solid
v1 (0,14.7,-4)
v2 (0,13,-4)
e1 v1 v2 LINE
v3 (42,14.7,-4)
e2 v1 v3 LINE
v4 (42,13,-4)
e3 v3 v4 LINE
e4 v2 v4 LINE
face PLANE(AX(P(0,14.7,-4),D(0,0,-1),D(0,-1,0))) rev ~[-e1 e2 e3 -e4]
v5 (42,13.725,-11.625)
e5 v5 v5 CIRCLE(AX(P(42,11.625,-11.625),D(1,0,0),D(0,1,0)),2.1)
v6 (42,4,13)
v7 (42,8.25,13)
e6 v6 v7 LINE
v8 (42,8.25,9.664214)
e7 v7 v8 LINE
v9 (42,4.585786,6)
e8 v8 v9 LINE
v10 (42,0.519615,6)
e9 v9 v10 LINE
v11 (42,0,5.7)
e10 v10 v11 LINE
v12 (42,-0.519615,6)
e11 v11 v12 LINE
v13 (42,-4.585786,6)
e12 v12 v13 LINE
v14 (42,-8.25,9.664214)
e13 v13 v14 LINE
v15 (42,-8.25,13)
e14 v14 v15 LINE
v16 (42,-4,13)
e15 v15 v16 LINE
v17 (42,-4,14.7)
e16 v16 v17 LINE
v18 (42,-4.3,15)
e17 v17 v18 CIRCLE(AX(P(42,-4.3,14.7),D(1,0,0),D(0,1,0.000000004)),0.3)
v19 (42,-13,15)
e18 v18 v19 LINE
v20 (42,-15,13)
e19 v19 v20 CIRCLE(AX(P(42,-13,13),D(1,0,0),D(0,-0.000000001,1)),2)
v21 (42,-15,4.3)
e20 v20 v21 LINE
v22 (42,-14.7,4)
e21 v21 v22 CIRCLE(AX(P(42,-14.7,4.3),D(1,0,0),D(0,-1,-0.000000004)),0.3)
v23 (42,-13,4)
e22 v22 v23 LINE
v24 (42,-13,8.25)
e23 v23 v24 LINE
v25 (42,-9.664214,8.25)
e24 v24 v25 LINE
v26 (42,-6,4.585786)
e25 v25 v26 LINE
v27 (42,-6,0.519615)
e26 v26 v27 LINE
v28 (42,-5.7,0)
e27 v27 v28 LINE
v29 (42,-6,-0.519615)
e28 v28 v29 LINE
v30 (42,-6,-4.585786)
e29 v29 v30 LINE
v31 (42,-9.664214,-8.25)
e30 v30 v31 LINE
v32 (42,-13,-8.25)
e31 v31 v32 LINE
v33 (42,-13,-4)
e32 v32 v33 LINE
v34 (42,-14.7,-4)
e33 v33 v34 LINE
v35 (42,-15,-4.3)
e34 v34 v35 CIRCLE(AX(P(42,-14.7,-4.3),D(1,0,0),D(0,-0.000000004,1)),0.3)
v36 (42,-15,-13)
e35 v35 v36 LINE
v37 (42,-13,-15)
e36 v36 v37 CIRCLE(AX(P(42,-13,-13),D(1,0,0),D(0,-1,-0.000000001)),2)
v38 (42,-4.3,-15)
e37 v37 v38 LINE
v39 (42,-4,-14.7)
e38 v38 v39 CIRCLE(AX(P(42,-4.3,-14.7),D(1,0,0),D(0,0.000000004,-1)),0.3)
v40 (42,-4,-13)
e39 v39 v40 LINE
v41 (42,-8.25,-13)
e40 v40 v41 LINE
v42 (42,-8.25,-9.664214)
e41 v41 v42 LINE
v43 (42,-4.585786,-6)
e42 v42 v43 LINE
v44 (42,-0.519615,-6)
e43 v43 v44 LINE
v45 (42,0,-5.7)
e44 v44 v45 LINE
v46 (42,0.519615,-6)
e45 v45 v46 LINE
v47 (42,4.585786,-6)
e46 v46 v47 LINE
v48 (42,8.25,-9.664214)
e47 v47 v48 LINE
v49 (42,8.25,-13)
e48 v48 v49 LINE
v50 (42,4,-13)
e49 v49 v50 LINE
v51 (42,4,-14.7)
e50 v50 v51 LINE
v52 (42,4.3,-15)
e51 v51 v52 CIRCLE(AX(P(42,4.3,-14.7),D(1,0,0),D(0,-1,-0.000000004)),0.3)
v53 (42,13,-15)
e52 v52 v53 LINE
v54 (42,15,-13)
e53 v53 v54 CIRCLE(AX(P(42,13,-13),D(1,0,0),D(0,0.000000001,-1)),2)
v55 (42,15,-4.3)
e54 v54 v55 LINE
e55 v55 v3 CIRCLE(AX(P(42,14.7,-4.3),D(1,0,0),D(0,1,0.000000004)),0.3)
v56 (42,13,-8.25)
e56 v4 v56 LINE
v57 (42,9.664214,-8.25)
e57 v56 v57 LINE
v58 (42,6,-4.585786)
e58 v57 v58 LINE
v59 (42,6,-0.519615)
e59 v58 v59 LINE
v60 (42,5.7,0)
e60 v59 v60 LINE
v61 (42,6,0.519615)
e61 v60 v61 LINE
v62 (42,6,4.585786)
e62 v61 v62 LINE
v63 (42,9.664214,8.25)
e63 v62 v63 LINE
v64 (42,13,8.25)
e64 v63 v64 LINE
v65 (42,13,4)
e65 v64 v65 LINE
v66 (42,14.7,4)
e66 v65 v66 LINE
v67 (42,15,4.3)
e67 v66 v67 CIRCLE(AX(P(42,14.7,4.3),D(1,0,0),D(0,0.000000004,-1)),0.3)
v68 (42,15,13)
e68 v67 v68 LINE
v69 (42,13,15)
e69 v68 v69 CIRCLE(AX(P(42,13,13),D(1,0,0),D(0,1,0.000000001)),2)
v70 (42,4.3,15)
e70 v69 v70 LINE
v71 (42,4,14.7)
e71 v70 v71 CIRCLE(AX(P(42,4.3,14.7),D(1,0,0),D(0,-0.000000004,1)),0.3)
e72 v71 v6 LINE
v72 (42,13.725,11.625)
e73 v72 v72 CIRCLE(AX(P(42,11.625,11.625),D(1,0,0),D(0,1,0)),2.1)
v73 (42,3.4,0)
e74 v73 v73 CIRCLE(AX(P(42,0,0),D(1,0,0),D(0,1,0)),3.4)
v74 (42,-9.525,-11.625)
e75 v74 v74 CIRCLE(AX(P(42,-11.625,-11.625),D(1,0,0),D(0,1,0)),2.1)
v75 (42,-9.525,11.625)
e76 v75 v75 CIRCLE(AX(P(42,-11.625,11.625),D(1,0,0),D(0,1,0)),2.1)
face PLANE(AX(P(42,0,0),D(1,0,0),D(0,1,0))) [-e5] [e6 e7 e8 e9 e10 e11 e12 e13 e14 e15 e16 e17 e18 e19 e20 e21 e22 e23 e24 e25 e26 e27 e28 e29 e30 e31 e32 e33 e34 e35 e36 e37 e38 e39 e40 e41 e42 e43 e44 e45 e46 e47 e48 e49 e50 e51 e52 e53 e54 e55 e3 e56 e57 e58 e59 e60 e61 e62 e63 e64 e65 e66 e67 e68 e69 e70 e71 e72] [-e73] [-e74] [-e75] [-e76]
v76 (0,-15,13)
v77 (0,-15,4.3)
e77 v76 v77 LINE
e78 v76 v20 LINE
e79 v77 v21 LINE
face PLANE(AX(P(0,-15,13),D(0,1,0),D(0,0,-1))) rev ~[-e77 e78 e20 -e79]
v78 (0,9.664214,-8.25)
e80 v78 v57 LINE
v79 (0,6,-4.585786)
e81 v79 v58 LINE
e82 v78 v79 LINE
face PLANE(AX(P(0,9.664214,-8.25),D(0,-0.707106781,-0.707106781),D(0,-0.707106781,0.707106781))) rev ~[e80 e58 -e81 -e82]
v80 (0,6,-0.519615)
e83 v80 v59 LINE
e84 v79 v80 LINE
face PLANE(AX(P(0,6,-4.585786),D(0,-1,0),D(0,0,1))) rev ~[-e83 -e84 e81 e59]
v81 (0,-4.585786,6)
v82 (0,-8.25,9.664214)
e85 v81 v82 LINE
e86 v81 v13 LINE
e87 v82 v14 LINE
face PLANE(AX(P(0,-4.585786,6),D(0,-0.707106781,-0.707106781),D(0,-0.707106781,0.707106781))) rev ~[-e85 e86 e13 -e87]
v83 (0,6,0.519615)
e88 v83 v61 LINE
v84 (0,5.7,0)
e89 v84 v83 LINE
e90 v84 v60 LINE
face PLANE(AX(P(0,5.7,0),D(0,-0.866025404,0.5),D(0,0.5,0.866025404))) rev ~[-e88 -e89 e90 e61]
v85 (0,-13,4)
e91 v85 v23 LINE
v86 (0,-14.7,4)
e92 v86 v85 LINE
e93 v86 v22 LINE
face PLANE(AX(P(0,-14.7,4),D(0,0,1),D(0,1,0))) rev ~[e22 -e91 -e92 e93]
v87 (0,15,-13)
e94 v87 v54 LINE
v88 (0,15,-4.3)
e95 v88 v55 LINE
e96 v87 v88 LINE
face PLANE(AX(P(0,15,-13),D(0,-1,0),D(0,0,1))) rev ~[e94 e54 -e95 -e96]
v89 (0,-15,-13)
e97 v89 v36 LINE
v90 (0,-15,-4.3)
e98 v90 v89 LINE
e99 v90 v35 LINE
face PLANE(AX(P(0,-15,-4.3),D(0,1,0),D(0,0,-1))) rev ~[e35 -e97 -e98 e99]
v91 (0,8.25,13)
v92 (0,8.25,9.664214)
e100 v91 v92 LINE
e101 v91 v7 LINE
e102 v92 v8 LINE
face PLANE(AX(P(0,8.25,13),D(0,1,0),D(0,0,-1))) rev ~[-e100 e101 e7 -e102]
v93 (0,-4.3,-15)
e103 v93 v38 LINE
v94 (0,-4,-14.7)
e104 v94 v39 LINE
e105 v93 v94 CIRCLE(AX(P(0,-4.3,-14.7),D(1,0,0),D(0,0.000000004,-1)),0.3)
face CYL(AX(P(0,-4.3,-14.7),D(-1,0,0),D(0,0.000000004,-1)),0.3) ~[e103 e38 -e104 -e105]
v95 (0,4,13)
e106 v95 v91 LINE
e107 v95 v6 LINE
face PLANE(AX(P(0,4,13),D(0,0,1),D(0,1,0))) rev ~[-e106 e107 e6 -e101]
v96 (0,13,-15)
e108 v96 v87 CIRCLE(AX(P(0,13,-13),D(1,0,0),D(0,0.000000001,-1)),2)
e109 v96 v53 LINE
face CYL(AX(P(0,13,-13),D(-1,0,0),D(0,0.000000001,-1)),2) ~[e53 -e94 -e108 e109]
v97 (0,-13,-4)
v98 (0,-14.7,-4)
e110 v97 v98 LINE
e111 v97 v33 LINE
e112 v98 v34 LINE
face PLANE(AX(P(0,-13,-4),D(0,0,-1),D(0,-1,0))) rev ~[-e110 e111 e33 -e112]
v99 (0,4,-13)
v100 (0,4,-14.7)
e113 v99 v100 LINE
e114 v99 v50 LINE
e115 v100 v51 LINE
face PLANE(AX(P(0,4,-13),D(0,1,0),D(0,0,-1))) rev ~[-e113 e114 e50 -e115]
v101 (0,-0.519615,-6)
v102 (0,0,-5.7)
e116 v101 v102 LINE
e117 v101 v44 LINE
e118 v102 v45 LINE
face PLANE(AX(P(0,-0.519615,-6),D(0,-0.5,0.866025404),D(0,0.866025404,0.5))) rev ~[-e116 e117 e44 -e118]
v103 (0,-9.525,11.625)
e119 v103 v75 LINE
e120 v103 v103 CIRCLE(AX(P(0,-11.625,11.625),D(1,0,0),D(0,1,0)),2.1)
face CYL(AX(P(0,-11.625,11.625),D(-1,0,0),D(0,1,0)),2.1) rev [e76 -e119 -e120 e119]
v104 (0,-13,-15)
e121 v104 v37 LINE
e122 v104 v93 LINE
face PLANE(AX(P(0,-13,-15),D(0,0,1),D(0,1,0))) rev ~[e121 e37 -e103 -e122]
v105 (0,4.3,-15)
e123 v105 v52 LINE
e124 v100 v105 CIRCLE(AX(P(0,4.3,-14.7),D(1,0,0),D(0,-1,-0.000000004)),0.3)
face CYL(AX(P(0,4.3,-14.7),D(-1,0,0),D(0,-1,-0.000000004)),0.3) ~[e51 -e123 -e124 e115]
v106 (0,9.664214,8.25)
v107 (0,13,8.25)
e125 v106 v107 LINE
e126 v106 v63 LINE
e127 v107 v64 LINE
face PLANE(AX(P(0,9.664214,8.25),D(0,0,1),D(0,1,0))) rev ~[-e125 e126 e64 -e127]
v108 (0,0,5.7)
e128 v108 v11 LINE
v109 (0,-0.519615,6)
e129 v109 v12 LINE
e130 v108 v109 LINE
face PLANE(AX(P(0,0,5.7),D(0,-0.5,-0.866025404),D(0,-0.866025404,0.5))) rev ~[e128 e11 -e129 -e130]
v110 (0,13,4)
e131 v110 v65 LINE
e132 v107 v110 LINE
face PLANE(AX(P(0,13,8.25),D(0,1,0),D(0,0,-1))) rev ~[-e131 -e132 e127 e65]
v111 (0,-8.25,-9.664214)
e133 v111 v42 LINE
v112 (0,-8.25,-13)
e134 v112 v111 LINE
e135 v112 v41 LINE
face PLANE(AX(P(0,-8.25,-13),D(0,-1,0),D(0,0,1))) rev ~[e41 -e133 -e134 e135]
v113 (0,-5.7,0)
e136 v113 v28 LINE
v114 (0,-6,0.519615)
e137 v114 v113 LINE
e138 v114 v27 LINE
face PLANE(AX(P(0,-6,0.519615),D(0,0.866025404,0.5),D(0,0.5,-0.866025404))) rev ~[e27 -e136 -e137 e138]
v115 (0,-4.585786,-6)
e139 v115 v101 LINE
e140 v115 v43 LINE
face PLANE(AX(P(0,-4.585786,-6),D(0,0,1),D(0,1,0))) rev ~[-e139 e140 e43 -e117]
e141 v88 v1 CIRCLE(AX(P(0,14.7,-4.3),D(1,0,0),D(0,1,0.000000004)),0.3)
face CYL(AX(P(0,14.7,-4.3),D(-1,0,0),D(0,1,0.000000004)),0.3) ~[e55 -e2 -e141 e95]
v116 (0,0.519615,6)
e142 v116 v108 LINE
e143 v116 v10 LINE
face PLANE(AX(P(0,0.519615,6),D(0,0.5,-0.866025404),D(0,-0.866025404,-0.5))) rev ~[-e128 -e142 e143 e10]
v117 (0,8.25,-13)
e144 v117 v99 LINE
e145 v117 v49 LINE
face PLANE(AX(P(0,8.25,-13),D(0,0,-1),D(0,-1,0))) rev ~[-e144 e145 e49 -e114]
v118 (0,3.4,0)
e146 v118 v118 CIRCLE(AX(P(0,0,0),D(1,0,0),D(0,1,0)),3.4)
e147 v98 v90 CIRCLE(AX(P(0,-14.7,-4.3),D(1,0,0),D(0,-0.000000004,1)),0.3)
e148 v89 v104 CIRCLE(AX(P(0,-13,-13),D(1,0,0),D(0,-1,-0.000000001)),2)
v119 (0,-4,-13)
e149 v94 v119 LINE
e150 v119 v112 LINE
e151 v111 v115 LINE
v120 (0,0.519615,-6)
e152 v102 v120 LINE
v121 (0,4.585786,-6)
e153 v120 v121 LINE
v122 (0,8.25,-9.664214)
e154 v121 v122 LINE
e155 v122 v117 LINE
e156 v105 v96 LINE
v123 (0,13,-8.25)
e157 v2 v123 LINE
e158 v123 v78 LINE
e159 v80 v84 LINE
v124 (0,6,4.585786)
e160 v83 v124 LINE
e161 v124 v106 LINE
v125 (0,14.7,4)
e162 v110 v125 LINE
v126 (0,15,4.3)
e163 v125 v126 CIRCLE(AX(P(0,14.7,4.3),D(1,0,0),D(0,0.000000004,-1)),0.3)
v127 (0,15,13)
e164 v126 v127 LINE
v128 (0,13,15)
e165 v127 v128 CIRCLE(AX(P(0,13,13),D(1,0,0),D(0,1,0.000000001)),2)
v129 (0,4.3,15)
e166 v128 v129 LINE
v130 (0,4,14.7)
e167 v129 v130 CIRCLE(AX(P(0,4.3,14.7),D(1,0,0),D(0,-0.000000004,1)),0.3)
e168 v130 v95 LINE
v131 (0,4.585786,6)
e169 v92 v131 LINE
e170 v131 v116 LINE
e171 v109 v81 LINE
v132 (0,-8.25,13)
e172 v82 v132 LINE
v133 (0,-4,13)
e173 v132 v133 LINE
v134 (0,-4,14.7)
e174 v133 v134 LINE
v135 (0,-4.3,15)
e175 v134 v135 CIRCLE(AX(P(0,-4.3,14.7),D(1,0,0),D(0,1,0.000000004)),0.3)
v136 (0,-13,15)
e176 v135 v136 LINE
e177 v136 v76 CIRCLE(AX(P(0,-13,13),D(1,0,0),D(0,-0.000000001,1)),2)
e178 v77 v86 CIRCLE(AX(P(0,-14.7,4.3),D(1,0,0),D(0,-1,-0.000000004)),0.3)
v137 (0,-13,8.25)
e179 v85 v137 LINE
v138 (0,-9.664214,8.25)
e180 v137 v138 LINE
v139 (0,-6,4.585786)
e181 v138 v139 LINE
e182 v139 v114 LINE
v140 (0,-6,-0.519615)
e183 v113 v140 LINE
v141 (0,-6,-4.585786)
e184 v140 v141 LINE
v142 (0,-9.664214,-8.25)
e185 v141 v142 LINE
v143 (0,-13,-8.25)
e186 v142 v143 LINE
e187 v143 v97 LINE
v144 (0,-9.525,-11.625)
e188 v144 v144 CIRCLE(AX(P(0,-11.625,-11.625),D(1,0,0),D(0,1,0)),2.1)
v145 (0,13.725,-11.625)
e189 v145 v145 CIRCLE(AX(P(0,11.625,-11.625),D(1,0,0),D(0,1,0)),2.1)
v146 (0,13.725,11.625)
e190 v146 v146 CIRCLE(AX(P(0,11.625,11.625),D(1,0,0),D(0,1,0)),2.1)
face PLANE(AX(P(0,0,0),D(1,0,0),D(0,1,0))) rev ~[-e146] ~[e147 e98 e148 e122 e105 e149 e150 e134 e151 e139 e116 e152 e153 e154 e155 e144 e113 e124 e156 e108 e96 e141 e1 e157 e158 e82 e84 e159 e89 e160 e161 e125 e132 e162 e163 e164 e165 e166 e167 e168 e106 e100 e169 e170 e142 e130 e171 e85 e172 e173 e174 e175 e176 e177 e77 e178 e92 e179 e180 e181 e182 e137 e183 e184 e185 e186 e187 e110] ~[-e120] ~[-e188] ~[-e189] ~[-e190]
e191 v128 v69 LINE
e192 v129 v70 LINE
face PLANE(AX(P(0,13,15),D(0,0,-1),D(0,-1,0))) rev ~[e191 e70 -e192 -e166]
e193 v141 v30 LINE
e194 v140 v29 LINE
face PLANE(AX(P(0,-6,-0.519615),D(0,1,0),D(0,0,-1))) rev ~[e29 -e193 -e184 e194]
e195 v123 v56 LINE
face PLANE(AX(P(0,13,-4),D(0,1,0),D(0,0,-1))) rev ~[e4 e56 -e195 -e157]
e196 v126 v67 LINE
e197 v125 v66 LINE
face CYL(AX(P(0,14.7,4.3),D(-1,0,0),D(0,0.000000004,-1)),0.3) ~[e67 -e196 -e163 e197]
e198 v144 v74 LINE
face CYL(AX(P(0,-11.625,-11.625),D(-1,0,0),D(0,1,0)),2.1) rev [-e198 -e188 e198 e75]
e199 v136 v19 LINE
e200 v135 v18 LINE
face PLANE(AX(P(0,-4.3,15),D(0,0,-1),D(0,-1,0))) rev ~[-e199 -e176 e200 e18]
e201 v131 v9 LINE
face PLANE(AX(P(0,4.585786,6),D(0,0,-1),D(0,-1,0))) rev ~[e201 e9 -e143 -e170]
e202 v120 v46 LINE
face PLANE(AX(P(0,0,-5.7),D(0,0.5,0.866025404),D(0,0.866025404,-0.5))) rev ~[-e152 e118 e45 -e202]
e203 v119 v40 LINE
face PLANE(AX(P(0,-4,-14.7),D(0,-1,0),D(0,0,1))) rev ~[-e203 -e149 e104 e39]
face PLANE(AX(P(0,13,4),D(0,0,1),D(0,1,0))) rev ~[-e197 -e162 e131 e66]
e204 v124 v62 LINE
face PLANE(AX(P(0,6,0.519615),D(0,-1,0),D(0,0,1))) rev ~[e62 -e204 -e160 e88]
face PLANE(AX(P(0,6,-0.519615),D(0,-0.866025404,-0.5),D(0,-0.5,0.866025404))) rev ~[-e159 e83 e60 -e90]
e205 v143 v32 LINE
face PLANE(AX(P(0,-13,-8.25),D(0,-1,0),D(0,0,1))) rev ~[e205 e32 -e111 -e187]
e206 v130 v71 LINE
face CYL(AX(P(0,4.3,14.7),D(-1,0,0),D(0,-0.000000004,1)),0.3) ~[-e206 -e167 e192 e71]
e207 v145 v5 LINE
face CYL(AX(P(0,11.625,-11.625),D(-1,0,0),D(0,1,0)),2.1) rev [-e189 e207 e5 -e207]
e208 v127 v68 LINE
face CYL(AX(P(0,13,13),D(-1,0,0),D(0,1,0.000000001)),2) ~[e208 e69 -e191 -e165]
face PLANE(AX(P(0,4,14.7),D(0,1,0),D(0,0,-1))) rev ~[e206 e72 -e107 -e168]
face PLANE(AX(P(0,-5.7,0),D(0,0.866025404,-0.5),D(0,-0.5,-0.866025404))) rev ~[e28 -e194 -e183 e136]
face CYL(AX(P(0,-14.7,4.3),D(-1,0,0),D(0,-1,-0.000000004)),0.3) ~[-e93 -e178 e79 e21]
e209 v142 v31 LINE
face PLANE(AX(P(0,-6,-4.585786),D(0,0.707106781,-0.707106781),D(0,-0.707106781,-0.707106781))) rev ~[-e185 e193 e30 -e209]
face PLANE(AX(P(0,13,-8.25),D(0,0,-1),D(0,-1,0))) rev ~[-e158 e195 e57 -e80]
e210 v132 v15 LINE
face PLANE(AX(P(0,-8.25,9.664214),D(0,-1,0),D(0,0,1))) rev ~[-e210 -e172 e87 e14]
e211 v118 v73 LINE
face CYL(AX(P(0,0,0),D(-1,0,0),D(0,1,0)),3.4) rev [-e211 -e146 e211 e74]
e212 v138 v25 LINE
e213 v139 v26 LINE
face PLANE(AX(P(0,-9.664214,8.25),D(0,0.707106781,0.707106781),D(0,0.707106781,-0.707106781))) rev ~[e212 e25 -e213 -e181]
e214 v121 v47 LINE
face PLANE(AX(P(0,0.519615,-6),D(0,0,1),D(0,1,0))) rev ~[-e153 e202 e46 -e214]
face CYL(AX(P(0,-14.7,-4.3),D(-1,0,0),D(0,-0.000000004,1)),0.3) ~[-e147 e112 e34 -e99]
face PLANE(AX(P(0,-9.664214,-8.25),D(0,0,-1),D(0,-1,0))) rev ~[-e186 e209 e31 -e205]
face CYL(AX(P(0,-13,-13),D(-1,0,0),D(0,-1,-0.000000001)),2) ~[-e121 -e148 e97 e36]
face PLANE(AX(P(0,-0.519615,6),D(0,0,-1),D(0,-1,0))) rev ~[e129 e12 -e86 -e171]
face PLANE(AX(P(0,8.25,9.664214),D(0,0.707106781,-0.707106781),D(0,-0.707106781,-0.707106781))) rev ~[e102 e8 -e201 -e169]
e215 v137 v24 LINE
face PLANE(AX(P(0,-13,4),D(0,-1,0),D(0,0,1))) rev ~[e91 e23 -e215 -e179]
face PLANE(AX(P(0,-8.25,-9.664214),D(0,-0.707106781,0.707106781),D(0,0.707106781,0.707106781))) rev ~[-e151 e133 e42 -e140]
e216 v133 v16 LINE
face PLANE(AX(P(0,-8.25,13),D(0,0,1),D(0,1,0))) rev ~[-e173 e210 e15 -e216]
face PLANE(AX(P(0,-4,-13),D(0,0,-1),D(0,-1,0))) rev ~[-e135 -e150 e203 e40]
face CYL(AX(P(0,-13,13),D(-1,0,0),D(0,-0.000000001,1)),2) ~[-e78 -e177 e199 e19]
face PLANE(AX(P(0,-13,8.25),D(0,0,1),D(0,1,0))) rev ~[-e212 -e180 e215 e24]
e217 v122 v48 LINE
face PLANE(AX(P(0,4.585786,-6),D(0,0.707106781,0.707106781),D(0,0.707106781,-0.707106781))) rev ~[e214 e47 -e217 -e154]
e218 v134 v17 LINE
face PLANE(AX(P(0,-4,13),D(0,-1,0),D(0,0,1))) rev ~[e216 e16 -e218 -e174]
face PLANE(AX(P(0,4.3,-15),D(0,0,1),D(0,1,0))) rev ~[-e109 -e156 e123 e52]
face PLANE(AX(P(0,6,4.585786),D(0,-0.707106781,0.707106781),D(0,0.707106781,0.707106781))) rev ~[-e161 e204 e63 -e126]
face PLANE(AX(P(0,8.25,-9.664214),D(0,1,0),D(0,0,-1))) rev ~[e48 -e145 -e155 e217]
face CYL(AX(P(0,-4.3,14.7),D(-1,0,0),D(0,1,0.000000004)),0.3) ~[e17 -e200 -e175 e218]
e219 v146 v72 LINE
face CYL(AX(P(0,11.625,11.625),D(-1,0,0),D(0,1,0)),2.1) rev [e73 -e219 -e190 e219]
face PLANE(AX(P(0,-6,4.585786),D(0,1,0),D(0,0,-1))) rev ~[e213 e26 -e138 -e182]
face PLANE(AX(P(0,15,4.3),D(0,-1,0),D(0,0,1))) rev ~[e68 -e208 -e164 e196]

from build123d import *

# Parameters (mm, degrees)
SKETCH_1_R              = 2.1
SKETCH_1_R_2            = 3.4
F_30XS6_30X30S6_1_DEPTH = 42


with BuildPart() as part:
    # 草图1 → 30xs6 30X30S6(1) (new body)
    with BuildSketch(Plane.YZ):
        with BuildLine():
            Line((-14.7, 4), (-13, 4))
            Line((-13, 4), (-13, 8.25))
            Line((-13, 8.25), (-9.664213562, 8.25))
            Line((-9.664213562, 8.25), (-6, 4.585786438))
            Line((-6, 4.585786438), (-6, 0.519615242))
            Line((-6, 0.519615242), (-5.7, 0))
            Line((-5.7, 0), (-6, -0.519615242))
            Line((-6, -0.519615242), (-6, -4.585786438))
            Line((-6, -4.585786438), (-9.664213562, -8.25))
            Line((-9.664213562, -8.25), (-13, -8.25))
            Line((-13, -8.25), (-13, -4))
            Line((-13, -4), (-14.7, -4))
            ThreePointArc((-14.7, -4), (-14.912132034, -4.087867966), (-15, -4.3))
            Line((-15, -4.3), (-15, -13))
            ThreePointArc((-15, -13), (-14.414213562, -14.414213562), (-13, -15))
            Line((-13, -15), (-4.3, -15))
            ThreePointArc((-4.3, -15), (-4.087867966, -14.912132034), (-4, -14.7))
            Line((-4, -14.7), (-4, -13))
            Line((-4, -13), (-8.25, -13))
            Line((-8.25, -13), (-8.25, -9.664213562))
            Line((-8.25, -9.664213562), (-4.585786438, -6))
            Line((-4.585786438, -6), (-0.519615242, -6))
            Line((-0.519615242, -6), (0, -5.7))
            Line((0, -5.7), (0.519615242, -6))
            Line((0.519615242, -6), (4.585786438, -6))
            Line((4.585786438, -6), (8.25, -9.664213562))
            Line((8.25, -9.664213562), (8.25, -13))
            Line((8.25, -13), (4, -13))
            Line((4, -13), (4, -14.7))
            ThreePointArc((4, -14.7), (4.087867966, -14.912132034), (4.3, -15))
            Line((4.3, -15), (13, -15))
            ThreePointArc((13, -15), (14.414213562, -14.414213562), (15, -13))
            Line((15, -13), (15, -4.3))
            ThreePointArc((15, -4.3), (14.912132034, -4.087867966), (14.7, -4))
            Line((14.7, -4), (13, -4))
            Line((13, -4), (13, -8.25))
            Line((13, -8.25), (9.664213562, -8.25))
            Line((9.664213562, -8.25), (6, -4.585786438))
            Line((6, -4.585786438), (6, -0.519615242))
            Line((6, -0.519615242), (5.7, 0))
            Line((5.7, 0), (6, 0.519615242))
            Line((6, 0.519615242), (6, 4.585786438))
            Line((6, 4.585786438), (9.664213562, 8.25))
            Line((9.664213562, 8.25), (13, 8.25))
            Line((13, 8.25), (13, 4))
            Line((13, 4), (14.7, 4))
            ThreePointArc((14.7, 4), (14.912132034, 4.087867966), (15, 4.3))
            Line((15, 4.3), (15, 13))
            ThreePointArc((15, 13), (14.414213562, 14.414213562), (13, 15))
            Line((13, 15), (4.3, 15))
            ThreePointArc((4.3, 15), (4.087867966, 14.912132034), (4, 14.7))
            Line((4, 14.7), (4, 13))
            Line((4, 13), (8.25, 13))
            Line((8.25, 13), (8.25, 9.664213562))
            Line((8.25, 9.664213562), (4.585786438, 6))
            Line((4.585786438, 6), (0.519615242, 6))
            Line((0.519615242, 6), (0, 5.7))
            Line((0, 5.7), (-0.519615242, 6))
            Line((-0.519615242, 6), (-4.585786438, 6))
            Line((-4.585786438, 6), (-8.25, 9.664213562))
            Line((-8.25, 9.664213562), (-8.25, 13))
            Line((-8.25, 13), (-4, 13))
            Line((-4, 13), (-4, 14.7))
            ThreePointArc((-4, 14.7), (-4.087867966, 14.912132034), (-4.3, 15))
            Line((-4.3, 15), (-13, 15))
            ThreePointArc((-13, 15), (-14.414213562, 14.414213562), (-15, 13))
            Line((-15, 13), (-15, 4.3))
            ThreePointArc((-15, 4.3), (-14.912132034, 4.087867966), (-14.7, 4))
        make_face()
        with Locations((11.625, 11.625)):
            Circle(SKETCH_1_R, mode=Mode.SUBTRACT)
        with Locations((11.625, -11.625)):
            Circle(SKETCH_1_R, mode=Mode.SUBTRACT)
        Circle(SKETCH_1_R_2, mode=Mode.SUBTRACT)
        with Locations((-11.625, -11.625)):
            Circle(SKETCH_1_R, mode=Mode.SUBTRACT)
        with Locations((-11.625, 11.625)):
            Circle(SKETCH_1_R, mode=Mode.SUBTRACT)
    extrude(amount=F_30XS6_30X30S6_1_DEPTH)


solid = part.part
